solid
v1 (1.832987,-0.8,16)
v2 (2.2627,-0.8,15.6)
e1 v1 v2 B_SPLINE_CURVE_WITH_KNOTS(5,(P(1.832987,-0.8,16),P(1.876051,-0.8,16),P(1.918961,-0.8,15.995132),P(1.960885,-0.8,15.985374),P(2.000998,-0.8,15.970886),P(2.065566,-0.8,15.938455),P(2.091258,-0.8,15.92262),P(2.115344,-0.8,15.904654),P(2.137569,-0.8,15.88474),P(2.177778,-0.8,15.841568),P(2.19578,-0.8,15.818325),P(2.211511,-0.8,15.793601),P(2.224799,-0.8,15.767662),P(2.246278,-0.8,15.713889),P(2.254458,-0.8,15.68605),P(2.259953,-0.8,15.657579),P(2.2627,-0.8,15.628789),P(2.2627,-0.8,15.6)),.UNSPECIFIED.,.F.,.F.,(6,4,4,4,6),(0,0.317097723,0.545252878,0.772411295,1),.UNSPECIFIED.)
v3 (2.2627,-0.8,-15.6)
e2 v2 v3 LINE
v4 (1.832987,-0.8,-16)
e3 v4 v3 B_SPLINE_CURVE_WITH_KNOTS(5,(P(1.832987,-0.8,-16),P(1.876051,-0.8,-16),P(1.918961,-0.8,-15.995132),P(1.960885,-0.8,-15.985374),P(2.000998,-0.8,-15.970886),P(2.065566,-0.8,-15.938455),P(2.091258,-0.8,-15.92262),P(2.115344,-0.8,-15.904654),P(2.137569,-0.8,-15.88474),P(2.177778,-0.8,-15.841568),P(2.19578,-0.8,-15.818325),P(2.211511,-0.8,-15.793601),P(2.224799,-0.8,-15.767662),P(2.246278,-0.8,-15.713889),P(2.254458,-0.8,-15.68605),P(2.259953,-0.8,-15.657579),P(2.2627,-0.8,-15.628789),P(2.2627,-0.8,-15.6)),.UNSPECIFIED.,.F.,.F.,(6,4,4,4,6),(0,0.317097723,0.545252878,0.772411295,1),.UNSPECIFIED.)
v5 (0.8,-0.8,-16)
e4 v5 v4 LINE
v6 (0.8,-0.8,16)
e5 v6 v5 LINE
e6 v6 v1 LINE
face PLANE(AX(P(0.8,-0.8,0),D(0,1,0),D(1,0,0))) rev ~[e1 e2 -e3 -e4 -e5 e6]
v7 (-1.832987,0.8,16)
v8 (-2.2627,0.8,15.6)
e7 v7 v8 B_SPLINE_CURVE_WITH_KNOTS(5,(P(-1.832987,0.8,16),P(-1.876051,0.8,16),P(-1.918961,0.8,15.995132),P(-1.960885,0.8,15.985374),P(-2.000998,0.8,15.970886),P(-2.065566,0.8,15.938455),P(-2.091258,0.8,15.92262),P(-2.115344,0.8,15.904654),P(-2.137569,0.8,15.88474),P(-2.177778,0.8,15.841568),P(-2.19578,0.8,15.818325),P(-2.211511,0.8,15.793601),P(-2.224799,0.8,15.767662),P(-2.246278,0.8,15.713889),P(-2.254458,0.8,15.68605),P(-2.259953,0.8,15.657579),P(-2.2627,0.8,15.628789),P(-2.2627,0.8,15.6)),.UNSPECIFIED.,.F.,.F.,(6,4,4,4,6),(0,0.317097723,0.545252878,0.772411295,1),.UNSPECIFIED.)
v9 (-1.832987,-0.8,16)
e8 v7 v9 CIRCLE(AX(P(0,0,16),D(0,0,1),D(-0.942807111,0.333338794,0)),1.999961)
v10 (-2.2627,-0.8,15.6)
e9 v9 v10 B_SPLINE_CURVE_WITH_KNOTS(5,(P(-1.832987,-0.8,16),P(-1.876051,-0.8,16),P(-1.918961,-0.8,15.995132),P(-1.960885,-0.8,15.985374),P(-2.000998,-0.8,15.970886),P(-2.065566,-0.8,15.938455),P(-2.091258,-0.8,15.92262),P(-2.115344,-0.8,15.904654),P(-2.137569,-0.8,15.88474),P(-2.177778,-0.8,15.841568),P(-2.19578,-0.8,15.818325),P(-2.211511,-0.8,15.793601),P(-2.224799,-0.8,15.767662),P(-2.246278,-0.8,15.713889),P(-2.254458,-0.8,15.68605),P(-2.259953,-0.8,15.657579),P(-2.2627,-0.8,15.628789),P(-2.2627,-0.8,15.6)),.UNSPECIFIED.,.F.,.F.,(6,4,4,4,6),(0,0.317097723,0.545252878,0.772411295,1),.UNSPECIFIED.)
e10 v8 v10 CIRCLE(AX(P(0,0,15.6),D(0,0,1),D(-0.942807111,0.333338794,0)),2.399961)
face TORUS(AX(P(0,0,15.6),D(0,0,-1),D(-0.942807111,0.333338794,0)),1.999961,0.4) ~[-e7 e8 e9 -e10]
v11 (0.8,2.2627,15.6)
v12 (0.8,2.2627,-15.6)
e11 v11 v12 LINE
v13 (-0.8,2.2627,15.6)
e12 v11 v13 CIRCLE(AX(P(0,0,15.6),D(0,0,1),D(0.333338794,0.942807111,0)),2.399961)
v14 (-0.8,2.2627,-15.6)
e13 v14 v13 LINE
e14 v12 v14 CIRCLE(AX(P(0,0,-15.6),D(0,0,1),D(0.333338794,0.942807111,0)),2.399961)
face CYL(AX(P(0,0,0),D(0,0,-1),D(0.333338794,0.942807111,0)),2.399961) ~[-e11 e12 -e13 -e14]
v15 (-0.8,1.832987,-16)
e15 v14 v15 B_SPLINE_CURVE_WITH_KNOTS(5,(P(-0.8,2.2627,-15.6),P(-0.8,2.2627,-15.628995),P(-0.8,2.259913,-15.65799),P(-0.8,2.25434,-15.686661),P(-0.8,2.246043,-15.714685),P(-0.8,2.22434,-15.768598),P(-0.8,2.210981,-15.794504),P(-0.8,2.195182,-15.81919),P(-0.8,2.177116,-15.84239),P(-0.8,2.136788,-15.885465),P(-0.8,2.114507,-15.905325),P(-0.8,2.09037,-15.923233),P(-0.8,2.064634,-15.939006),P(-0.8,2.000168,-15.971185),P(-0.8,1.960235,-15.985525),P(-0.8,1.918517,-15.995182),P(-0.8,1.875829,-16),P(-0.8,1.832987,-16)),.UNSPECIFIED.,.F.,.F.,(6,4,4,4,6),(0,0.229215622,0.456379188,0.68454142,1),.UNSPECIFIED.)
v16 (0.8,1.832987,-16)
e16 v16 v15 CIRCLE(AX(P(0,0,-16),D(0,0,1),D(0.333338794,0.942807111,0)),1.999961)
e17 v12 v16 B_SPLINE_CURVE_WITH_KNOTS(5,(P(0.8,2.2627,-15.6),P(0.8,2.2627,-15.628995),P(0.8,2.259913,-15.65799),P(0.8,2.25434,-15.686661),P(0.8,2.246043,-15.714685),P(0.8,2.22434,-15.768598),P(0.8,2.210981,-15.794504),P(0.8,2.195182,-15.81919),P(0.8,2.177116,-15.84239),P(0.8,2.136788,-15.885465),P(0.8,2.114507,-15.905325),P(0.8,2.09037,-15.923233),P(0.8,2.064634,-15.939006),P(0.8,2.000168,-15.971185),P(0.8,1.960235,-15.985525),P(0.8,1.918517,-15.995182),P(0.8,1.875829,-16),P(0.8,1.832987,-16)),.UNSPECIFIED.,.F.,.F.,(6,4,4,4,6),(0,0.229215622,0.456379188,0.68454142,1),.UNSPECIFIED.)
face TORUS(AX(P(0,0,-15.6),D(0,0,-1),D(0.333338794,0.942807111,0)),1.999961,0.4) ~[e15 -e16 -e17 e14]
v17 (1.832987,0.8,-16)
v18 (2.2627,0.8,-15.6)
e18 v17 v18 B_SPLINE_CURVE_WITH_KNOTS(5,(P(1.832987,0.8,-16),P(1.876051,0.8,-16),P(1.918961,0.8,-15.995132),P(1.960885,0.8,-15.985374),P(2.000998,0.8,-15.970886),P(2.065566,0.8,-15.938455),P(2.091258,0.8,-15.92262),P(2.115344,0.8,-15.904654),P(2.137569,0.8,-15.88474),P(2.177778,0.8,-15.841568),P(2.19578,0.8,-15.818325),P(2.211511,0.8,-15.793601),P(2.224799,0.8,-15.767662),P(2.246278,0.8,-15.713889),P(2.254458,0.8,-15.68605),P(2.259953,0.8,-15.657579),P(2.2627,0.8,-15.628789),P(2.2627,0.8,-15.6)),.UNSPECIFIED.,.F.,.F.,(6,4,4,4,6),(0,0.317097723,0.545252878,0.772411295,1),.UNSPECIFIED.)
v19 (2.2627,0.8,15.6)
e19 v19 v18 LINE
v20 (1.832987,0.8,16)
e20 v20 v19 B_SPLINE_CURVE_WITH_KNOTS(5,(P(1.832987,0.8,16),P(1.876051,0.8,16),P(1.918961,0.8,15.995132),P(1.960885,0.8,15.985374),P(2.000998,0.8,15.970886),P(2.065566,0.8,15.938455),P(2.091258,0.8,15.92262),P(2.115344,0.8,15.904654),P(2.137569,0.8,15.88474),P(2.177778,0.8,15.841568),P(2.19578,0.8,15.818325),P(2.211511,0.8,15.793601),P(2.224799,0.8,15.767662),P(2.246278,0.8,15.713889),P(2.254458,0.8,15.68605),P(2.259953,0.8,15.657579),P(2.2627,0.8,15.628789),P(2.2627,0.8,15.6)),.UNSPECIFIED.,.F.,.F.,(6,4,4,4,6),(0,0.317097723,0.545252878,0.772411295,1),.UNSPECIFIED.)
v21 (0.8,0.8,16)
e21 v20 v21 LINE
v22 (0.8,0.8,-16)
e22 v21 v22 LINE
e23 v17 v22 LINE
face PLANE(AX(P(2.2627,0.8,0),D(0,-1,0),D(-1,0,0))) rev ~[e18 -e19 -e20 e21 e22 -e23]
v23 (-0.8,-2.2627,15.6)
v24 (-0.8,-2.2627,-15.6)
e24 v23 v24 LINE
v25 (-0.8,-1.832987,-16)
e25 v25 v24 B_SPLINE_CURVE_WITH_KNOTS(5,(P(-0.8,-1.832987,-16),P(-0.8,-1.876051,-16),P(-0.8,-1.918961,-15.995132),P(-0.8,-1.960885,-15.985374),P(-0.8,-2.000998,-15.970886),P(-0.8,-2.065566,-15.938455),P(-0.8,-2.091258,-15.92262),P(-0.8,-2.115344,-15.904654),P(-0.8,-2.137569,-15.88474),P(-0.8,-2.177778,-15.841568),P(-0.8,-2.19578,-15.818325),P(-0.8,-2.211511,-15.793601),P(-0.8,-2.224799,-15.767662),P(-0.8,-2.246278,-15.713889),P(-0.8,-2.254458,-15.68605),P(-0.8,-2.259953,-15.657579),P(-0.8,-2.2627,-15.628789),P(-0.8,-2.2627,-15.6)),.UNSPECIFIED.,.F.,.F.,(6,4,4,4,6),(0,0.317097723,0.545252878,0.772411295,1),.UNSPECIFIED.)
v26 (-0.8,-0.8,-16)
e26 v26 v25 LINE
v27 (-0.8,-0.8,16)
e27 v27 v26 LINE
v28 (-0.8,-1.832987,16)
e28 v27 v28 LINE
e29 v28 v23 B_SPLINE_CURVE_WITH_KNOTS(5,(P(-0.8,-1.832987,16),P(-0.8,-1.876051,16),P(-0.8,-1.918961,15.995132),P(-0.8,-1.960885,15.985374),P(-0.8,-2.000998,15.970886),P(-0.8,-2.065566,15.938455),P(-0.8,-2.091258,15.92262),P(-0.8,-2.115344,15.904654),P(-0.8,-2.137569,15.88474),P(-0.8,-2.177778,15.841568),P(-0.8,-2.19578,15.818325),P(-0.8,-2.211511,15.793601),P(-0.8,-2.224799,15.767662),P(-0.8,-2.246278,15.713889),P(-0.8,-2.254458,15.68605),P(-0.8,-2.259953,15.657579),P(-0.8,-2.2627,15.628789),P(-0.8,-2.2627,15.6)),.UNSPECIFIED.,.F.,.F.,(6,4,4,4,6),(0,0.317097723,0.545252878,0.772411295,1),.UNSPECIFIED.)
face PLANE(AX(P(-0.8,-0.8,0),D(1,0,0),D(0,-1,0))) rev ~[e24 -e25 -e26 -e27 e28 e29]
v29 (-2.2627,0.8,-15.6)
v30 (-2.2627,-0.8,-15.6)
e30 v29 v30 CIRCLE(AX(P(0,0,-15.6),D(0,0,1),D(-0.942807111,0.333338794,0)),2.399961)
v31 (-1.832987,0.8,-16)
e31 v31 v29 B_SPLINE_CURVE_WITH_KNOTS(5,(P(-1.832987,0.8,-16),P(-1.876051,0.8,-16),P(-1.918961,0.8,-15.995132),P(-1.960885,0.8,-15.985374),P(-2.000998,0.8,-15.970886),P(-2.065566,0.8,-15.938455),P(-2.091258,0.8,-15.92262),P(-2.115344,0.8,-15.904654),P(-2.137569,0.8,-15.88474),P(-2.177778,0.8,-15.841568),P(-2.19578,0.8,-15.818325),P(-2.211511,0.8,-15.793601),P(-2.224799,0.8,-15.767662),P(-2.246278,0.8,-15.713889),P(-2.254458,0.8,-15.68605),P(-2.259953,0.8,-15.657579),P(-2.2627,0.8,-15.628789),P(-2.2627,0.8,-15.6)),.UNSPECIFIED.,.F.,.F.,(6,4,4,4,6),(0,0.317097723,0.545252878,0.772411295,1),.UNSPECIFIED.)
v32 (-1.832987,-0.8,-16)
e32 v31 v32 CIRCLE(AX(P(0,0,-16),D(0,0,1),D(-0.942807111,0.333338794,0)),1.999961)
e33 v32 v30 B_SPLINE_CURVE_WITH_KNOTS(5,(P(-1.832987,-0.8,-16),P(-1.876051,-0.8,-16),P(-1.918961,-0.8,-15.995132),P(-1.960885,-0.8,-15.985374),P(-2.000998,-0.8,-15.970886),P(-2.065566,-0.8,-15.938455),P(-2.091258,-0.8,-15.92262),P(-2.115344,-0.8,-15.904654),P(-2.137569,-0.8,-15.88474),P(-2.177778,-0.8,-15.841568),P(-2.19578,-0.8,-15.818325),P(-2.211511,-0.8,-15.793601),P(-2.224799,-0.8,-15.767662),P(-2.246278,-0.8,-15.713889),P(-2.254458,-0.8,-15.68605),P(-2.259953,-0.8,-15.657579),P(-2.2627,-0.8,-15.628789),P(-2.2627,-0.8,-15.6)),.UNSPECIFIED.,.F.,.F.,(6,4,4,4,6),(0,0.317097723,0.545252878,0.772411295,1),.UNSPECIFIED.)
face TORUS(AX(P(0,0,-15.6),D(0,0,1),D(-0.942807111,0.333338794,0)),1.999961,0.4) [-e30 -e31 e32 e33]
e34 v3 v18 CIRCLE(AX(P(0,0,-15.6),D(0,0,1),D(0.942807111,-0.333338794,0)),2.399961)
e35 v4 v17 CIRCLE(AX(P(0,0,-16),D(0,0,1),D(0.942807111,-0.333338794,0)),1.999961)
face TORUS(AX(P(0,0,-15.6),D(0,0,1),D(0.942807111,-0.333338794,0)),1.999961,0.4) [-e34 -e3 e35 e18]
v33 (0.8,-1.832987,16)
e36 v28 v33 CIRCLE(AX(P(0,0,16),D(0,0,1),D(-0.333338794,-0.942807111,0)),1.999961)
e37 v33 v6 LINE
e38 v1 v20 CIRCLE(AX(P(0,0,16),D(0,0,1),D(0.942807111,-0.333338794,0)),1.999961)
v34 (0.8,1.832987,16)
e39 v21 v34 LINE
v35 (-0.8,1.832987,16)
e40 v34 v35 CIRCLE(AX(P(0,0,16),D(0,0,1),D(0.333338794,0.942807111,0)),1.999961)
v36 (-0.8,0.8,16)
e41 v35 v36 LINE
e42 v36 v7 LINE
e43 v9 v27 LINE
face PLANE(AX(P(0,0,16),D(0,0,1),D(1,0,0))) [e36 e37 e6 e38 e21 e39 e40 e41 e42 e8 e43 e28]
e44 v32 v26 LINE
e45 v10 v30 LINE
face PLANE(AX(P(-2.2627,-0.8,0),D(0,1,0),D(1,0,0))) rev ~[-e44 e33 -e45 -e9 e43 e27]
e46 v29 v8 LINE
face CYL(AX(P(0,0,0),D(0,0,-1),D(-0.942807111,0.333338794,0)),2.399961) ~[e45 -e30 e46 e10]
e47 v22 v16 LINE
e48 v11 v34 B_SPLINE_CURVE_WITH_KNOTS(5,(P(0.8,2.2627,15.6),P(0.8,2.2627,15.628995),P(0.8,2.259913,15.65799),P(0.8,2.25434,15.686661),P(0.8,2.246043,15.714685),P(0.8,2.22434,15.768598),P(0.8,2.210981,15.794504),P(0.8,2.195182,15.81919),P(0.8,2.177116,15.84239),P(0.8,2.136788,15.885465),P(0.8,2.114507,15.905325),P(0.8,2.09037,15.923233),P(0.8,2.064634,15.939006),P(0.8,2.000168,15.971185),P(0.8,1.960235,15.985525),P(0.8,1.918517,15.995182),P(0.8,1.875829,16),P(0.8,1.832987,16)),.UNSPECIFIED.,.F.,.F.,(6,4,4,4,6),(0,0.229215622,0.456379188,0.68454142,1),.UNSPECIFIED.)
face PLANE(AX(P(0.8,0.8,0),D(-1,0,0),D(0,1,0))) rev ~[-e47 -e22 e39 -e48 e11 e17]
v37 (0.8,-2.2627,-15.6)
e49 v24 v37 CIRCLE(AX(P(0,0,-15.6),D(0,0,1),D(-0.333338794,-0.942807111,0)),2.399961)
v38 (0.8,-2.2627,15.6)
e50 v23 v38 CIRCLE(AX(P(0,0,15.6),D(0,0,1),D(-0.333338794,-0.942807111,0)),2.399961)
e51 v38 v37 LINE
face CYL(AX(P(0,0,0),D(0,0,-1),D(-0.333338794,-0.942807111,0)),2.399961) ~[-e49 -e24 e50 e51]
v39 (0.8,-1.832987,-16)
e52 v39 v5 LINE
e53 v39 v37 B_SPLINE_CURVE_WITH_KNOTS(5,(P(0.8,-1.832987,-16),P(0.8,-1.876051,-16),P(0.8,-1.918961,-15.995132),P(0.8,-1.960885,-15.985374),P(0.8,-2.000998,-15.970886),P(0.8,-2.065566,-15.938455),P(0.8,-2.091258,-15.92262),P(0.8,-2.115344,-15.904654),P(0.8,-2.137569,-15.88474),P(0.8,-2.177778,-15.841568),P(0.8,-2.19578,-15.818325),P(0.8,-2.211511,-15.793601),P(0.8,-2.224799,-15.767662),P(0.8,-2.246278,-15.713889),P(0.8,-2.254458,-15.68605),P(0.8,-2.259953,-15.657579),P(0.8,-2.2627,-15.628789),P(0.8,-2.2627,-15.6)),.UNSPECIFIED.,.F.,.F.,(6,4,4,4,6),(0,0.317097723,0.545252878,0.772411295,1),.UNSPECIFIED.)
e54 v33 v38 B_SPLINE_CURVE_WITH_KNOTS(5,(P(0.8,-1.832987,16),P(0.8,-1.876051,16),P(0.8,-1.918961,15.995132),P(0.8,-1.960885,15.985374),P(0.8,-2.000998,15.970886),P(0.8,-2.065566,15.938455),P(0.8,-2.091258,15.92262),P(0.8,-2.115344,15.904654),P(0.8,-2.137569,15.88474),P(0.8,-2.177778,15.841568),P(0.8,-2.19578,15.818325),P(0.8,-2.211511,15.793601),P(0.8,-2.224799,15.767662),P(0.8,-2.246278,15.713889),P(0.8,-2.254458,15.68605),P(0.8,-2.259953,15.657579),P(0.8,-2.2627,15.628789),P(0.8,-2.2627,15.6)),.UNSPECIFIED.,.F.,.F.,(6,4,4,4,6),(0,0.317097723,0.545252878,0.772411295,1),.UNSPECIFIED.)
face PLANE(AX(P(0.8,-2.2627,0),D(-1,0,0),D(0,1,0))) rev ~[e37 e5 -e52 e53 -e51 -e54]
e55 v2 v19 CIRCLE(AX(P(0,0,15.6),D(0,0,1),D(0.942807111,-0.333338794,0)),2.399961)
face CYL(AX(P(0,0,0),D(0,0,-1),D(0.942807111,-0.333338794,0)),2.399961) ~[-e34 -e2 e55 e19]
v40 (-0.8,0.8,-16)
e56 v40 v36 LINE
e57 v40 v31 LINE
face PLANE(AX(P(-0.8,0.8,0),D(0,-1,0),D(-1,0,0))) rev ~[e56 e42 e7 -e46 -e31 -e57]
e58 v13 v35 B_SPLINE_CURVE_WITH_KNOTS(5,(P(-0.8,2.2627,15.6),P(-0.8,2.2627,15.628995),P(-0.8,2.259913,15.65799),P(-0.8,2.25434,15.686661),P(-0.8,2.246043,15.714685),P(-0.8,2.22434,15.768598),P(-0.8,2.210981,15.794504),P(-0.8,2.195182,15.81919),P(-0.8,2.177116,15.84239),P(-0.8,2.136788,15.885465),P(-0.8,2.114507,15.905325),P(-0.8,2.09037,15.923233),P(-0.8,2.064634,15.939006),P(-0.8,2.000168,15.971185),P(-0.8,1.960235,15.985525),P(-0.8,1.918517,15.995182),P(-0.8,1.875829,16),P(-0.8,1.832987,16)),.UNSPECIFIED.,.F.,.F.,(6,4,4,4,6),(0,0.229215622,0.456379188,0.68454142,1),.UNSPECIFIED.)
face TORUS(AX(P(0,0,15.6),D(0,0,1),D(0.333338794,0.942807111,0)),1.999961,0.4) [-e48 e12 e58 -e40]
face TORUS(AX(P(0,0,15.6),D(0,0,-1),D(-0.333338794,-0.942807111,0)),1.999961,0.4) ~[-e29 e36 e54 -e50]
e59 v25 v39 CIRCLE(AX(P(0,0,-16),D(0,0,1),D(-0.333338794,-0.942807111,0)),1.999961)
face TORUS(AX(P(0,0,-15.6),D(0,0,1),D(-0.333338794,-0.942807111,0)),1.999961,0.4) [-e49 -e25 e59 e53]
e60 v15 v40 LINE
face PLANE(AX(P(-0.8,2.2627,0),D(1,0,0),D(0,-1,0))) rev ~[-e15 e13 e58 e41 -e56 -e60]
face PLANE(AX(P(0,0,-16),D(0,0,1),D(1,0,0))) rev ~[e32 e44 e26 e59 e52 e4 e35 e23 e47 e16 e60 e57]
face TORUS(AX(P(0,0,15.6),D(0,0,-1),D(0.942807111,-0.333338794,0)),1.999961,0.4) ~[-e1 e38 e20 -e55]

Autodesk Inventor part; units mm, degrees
ref_plane "YZ Plane" through (0, 0, 0) normal (1, 0, 0) x (0, 1, 0)
ref_plane "XZ Plane" through (0, 0, 0) normal (0, 1, 0) x (-1, 0, 0)
ref_plane "XY Plane" through (0, 0, 0) normal (0, 0, 1) x (1, 0, 0)
sketch "Sketch1" plane through (0, 0, 0) normal (0, 0, 1) x (1, 0, 0)
  circle A0 centre (0, 0) radius 2.4 construction
  line L0 (-0.8, 2.2627) -> (-0.8, 0.8)
  line L1 (-0.8, 0.8) -> (-2.2627, 0.8)
  line L2 (-2.2627, -0.8) -> (-0.8, -0.8)
  line L3 (-0.8, -0.8) -> (-0.8, -2.2627)
  line L4 (0.8, -2.2627) -> (0.8, -0.8)
  line L5 (0.8, -0.8) -> (2.2627, -0.8)
  line L6 (2.2627, 0.8) -> (0.8, 0.8)
  line L7 (0.8, 0.8) -> (0.8, 2.2627)
  arc A1 (0.8, 2.2627) -> (-0.8, 2.2627) centre (0, 0) ccw
  arc A2 (-2.2627, 0.8) -> (-2.2627, -0.8) centre (0, 0) ccw
  arc A3 (-0.8, -2.2627) -> (0.8, -2.2627) centre (0, 0) ccw
  arc A4 (2.2627, -0.8) -> (2.2627, 0.8) centre (0, 0) ccw
  dimension "d0" = 4.8
  dimension "d1" = 1.6
extrude "Extrusion1" add sketch "Sketch1" along normal mid plane 32
fillet "Fillet1" radius 0.4 8 edges at (0, 2.4, 16) (-2.4, 0, 16) (0, -2.4, 16) (2.4, 0, 16) (2.4, 0, -16) (0, 2.4, -16) (-2.4, 0, -16) (0, -2.4, -16)
equation "\"d0\" = kd"
equation "\"d1\" = axlet"
equation "\"d2\" = 4 * lu"
equation "\"d4\" = tf"
equation "\"kd\" = 4.8"
equation "\"axlet\" = 1.6"
equation "\"lu\" = 8"
equation "\"tf\" = 0.4"
properties part number "3705-Black" material "ABS Plastic"
